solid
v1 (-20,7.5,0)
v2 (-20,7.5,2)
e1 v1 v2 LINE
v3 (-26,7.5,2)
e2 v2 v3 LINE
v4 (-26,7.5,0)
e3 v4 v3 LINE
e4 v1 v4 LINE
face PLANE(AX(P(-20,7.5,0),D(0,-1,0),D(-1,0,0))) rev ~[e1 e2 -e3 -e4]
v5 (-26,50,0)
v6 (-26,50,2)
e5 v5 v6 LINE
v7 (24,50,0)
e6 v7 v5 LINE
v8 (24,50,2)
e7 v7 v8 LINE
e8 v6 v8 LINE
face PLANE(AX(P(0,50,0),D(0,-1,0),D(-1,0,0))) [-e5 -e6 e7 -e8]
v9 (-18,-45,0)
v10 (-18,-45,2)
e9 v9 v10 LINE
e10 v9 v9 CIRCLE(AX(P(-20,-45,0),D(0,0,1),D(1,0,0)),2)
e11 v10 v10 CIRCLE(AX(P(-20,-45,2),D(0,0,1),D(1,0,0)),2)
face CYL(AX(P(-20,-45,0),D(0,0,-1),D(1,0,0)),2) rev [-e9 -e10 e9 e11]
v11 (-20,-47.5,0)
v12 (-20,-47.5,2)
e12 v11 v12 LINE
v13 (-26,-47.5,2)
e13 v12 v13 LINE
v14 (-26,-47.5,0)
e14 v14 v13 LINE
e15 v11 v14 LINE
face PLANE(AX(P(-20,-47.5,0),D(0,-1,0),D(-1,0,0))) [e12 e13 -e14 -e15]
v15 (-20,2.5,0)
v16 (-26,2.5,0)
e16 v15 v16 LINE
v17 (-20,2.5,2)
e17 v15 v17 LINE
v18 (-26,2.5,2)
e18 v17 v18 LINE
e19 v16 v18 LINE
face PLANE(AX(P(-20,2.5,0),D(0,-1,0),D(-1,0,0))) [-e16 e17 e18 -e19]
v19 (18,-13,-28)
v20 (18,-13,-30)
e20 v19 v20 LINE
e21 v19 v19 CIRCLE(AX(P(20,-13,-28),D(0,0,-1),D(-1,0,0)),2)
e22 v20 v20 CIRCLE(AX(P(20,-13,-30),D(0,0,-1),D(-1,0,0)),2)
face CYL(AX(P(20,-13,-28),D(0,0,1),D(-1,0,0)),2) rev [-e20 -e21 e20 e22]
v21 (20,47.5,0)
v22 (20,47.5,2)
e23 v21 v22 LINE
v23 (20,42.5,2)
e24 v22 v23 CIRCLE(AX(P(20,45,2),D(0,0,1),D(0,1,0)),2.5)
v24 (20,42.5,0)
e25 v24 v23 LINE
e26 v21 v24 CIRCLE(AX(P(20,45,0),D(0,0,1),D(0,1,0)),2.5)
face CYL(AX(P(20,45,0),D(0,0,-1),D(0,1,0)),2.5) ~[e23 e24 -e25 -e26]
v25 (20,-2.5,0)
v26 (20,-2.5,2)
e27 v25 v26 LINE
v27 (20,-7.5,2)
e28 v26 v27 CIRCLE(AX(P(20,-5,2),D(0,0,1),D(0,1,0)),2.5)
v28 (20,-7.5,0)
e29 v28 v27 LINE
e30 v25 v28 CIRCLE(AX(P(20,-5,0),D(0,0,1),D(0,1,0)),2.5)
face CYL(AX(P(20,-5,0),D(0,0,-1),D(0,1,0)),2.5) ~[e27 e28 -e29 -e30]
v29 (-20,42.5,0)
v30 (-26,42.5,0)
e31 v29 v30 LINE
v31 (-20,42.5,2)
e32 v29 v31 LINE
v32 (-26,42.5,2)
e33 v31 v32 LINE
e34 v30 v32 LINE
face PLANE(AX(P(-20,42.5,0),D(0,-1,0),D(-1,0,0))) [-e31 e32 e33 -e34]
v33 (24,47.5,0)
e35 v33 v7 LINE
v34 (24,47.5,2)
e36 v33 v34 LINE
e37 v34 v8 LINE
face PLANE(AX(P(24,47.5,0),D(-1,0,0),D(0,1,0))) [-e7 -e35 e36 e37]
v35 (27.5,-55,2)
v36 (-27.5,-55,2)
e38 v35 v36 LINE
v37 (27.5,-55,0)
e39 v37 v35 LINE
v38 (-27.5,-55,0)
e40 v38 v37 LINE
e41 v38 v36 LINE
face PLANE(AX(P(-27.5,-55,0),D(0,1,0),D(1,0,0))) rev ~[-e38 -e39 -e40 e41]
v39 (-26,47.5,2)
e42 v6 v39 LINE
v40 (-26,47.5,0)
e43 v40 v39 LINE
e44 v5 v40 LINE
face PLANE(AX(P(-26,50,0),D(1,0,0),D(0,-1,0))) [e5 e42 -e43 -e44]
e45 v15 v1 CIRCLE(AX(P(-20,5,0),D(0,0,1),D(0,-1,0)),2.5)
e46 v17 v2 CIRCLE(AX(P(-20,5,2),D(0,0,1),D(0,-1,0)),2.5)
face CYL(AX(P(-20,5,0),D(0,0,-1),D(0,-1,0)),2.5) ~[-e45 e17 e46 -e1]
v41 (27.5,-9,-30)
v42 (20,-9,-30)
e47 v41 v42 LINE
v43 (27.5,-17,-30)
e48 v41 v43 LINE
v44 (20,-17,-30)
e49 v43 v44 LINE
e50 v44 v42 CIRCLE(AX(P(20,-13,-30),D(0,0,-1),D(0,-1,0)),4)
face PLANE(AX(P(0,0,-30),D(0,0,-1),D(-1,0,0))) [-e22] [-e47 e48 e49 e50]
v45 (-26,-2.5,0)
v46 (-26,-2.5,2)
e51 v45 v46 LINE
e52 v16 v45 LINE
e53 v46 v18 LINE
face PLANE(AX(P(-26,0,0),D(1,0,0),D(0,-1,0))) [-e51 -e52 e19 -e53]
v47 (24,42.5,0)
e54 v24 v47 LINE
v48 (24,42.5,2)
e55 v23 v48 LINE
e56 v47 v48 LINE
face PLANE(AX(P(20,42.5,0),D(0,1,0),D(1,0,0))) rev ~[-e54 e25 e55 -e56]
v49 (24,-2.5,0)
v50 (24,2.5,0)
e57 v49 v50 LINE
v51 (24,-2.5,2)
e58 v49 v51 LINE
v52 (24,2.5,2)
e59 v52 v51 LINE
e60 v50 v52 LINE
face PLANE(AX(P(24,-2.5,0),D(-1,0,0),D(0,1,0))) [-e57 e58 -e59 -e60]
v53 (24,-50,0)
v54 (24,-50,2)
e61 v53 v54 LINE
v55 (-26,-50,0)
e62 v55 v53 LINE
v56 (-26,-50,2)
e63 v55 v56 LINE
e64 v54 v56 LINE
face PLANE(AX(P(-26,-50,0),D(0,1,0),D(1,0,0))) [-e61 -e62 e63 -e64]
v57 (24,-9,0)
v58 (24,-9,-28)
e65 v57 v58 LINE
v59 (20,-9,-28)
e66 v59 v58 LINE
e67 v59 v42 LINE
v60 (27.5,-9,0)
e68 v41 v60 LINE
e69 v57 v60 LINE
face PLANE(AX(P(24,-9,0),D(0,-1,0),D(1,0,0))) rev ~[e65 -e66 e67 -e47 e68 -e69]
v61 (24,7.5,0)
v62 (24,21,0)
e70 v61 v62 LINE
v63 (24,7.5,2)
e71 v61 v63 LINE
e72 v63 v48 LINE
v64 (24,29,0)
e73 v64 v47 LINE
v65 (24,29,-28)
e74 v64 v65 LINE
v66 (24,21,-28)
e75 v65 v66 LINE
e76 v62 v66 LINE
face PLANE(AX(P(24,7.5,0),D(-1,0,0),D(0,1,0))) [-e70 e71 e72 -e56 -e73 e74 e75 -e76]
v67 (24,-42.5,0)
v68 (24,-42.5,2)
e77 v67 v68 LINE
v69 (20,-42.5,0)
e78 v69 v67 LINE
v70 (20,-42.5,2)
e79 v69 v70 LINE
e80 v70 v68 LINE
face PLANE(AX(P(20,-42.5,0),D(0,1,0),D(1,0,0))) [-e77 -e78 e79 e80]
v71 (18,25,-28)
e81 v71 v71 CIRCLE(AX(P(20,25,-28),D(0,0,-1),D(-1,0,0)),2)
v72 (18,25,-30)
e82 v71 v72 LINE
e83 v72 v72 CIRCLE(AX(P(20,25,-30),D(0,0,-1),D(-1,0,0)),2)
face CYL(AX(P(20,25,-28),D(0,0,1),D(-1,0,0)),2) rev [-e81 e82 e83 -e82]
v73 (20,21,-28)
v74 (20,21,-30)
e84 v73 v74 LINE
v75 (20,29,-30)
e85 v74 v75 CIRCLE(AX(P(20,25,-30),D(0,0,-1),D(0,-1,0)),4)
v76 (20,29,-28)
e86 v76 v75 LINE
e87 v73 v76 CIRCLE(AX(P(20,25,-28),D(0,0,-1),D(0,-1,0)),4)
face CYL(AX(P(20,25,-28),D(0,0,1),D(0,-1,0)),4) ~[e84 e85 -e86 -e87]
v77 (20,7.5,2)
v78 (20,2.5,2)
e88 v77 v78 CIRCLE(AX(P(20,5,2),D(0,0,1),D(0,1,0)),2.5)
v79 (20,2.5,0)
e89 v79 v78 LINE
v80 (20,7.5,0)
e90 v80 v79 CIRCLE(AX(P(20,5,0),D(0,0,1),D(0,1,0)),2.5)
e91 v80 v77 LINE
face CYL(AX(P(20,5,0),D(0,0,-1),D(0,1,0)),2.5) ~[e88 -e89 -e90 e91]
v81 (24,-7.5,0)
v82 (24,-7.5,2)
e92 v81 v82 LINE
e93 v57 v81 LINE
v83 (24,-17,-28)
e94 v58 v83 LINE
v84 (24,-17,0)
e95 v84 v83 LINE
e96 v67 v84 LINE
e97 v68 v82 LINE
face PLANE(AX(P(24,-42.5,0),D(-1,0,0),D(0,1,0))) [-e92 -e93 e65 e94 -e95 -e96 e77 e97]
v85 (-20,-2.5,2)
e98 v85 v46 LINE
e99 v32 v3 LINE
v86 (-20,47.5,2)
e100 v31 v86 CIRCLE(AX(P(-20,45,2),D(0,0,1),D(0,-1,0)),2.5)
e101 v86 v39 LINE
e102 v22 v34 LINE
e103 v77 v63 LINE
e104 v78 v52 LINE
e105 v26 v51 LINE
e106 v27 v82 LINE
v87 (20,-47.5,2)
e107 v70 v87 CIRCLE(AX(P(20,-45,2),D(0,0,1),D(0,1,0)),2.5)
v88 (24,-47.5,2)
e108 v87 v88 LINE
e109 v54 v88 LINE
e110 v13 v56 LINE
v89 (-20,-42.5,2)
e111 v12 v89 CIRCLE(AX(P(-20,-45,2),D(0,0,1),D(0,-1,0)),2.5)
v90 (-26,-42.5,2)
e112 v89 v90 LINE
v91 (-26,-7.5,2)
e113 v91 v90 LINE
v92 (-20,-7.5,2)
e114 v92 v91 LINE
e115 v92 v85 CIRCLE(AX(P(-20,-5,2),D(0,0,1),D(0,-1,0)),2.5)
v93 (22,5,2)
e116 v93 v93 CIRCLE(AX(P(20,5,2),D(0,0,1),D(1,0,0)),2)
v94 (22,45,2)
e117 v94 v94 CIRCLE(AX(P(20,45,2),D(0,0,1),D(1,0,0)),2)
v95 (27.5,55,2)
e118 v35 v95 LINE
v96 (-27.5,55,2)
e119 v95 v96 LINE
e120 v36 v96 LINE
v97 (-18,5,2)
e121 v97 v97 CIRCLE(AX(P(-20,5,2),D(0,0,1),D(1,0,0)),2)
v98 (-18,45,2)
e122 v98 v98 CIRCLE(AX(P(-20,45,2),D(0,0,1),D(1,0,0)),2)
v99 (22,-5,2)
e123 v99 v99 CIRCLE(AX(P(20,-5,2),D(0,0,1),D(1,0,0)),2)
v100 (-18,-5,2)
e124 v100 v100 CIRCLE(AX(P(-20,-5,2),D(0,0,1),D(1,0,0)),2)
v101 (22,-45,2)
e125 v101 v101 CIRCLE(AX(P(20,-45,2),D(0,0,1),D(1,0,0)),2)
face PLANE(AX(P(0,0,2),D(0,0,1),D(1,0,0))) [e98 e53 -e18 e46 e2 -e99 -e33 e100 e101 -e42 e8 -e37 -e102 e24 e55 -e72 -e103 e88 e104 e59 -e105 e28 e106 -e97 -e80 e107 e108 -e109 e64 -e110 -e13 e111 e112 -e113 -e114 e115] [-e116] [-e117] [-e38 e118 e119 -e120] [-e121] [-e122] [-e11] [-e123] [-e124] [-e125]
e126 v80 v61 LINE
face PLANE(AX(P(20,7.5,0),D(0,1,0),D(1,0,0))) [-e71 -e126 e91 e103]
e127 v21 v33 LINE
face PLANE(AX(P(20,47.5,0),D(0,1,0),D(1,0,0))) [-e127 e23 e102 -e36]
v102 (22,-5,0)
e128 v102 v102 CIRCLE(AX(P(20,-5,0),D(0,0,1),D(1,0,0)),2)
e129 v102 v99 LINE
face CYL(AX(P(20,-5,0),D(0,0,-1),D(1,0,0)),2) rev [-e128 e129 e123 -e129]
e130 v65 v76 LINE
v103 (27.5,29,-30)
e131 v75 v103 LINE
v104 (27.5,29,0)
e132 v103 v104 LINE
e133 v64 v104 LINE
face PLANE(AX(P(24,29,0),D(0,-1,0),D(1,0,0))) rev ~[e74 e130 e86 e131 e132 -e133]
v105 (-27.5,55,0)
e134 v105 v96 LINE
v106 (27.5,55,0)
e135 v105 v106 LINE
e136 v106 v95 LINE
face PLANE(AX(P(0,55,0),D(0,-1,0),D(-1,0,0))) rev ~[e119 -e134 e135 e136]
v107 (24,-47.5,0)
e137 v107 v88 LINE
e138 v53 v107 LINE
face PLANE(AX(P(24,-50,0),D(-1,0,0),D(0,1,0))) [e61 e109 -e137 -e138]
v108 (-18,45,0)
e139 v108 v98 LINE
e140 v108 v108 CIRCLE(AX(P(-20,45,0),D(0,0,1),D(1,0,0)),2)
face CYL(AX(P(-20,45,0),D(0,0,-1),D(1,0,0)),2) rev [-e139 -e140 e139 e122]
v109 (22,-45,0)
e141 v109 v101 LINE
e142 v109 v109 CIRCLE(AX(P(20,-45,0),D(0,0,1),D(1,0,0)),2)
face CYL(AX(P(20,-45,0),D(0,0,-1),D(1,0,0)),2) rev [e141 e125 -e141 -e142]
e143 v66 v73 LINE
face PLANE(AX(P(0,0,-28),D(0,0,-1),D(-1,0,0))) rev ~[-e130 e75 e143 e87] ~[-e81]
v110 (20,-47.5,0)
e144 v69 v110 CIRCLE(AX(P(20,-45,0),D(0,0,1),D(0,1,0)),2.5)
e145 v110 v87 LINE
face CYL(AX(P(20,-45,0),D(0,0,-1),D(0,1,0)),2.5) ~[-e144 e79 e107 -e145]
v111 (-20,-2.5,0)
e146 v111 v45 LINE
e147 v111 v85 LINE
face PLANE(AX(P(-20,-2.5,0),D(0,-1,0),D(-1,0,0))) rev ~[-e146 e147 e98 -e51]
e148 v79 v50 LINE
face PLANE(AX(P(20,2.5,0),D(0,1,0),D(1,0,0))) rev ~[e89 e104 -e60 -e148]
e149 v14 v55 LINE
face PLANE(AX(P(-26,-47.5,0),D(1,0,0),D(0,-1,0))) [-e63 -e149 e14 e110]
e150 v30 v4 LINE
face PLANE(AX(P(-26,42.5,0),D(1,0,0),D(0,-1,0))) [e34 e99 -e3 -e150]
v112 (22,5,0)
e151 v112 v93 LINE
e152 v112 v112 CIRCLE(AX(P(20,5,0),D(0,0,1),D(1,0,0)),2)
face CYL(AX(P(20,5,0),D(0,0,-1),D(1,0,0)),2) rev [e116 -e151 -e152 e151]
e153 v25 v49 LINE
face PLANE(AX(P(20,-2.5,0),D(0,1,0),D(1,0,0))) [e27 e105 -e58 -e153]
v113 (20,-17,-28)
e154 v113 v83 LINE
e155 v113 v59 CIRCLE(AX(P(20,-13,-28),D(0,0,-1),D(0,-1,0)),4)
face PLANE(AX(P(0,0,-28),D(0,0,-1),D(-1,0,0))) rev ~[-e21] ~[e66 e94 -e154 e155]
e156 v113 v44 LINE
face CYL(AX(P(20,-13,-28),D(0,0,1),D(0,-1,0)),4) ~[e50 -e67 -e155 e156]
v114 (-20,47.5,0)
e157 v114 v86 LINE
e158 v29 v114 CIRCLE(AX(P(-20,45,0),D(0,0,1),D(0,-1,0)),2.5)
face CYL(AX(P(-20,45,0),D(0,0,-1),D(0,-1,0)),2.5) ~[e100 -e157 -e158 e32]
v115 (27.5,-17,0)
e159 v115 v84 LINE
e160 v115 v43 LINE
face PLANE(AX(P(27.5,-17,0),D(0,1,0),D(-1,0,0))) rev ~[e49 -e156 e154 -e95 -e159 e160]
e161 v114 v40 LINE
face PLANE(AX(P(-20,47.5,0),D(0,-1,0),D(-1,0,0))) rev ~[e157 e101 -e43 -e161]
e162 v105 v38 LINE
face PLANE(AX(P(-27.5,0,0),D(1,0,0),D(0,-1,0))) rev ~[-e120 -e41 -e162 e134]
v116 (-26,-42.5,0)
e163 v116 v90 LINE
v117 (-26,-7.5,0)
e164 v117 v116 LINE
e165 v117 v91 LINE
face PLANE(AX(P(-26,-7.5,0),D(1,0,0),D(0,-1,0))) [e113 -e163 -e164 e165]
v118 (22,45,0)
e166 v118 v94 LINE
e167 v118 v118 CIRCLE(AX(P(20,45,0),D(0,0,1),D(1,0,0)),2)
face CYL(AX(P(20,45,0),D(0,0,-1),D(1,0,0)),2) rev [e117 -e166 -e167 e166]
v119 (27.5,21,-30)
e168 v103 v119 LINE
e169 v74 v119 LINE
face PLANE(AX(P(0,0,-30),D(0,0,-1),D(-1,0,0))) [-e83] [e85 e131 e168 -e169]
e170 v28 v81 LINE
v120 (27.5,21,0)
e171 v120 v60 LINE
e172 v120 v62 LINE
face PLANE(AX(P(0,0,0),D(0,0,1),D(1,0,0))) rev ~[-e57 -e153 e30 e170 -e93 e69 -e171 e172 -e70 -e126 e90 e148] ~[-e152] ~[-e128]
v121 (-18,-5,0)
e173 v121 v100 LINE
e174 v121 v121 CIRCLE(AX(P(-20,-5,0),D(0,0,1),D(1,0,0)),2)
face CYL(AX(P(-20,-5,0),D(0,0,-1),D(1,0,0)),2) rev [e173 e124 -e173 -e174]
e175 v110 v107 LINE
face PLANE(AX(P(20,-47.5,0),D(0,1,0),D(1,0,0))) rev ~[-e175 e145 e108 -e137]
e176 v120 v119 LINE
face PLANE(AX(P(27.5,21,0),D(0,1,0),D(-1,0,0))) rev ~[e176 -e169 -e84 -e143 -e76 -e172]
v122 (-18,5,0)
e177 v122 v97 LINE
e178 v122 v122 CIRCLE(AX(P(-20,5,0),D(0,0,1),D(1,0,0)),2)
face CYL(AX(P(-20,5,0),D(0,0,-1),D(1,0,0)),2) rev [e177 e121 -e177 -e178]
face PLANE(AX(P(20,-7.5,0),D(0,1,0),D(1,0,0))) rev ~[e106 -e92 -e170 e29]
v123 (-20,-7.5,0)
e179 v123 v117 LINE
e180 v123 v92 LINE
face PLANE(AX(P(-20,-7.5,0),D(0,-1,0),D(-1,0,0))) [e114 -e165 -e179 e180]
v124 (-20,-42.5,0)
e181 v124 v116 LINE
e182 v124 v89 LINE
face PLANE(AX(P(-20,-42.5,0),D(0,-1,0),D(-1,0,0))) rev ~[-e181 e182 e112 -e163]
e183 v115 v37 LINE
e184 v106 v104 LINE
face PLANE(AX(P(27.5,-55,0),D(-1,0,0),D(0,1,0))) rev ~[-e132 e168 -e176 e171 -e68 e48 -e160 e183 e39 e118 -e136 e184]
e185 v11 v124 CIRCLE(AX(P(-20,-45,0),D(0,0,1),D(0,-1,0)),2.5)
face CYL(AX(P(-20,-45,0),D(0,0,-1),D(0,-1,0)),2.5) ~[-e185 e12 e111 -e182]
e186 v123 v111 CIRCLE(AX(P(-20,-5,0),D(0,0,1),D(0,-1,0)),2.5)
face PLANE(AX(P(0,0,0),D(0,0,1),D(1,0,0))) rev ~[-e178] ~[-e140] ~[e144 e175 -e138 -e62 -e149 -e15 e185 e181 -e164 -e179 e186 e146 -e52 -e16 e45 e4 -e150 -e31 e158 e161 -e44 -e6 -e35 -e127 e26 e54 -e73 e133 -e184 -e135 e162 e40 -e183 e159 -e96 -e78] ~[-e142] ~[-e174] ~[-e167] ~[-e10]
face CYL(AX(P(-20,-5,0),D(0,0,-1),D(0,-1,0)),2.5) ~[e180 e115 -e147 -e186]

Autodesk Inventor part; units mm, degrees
ref_plane "YZ Plane" through (0, 0, 0) normal (1, 0, 0) x (0, 1, 0)
ref_plane "XZ Plane" through (0, 0, 0) normal (0, 1, 0) x (-1, 0, 0)
ref_plane "XY Plane" through (0, 0, 0) normal (0, 0, 1) x (1, 0, 0)
sketch "Sketch1" plane through (0, 0, 0) normal (0, 0, 1) x (1, 0, 0)
  line L0 (-27.5, -55) -> (27.5, -55)
  line L1 (27.5, -55) -> (27.5, 55)
  line L2 (27.5, 55) -> (-27.5, 55)
  line L3 (-27.5, 55) -> (-27.5, -55)
  line L4 (-27.5, -55) -> (27.5, 55) construction
  line L5 (27.5, -55) -> (-27.5, 55) construction
  line L6 (0, -77) -> (0, 77) projected
  line L7 (-38.5, 0) -> (38.5, 0) projected
  circle A0 centre (-20, 45) radius 2
  circle A1 centre (-20, 5) radius 2
  circle A2 centre (20, 45) radius 2
  circle A3 centre (20, 5) radius 2
  circle A4 centre (-20, -5) radius 2
  circle A5 centre (-20, -45) radius 2
  circle A6 centre (20, -45) radius 2
  circle A7 centre (20, -5) radius 2
  arc A8 (-20, 42.5) -> (-20, 47.5) centre (-20, 45) ccw
  arc A9 (20, 47.5) -> (20, 42.5) centre (20, 45) ccw
  arc A10 (-20, 2.5) -> (-20, 7.5) centre (-20, 5) ccw
  arc A11 (20, 7.5) -> (20, 2.5) centre (20, 5) ccw
  arc A12 (-20, -7.5) -> (-20, -2.5) centre (-20, -5) ccw
  arc A13 (20, -2.5) -> (20, -7.5) centre (20, -5) ccw
  arc A14 (-20, -47.5) -> (-20, -42.5) centre (-20, -45) ccw
  arc A15 (20, -42.5) -> (20, -47.5) centre (20, -45) ccw
  line L8 (-26, -50) -> (24, -50)
  line L9 (24, -50) -> (24, 50)
  line L10 (24, 50) -> (-26, 50)
  line L11 (-26, 50) -> (-26, -50)
  line L12 (-20, 47.5) -> (-26, 47.5)
  line L13 (-20, 42.5) -> (-26, 42.5)
  line L14 (20, 47.5) -> (24, 47.5)
  line L15 (20, 42.5) -> (24, 42.5)
  line L16 (20, 7.5) -> (24, 7.5)
  line L17 (20, 2.5) -> (24, 2.5)
  line L18 (20, -2.5) -> (24, -2.5)
  line L19 (20, -7.5) -> (24, -7.5)
  line L20 (20, -42.5) -> (24, -42.5)
  line L21 (-20, 7.5) -> (-26, 7.5)
  line L22 (-20, 2.5) -> (-26, 2.5)
  line L23 (-20, -2.5) -> (-26, -2.5)
  line L24 (-20, -7.5) -> (-26, -7.5)
  line L25 (-20, -42.5) -> (-26, -42.5)
  line L26 (-20, -47.5) -> (-26, -47.5)
  line L27 (20, -47.5) -> (24, -47.5)
  point P0 (0, 0)
  point P1 (-17.5, 45)
  dimension "d0" = 55
  dimension "d1" = 110
  dimension "d5" = 40
  dimension "d6" = 40
  dimension "d7" = 4
  dimension "d8" = 90
  dimension "d9" = 2.5
  dimension "d10" = 5
  dimension "d12" = 6
  dimension "d13" = 4
extrude "Extrusion1" add sketch "Sketch1" along normal blind 2 contours L3 L7 L11 L8 L6 L0 | L6 L8 L9 L7 L1 L0 | L3 L2 L6 L10 L11 L7 | L7 L9 L10 L6 L2 L1 | L11 L21 A10 L22 | L23 A12 L24 L11 | L11 L25 A14 L26 | L27 A15 L20 L9 | L9 L19 A13 L18 | L17 A11 L16 L9 | L11 L12 A8 L13 | L9 L15 A9 L14
sketch "Sketch3" plane through (0, 0, 0) normal (0, 0, -1) x (-1, 0, 0)
  line L0 (-27.5, 55) -> (27.5, 55) projected
  line L1 (-16, 55) -> (-24, 55)
  line L2 (-27.5, 55) -> (27.5, 55) projected
  line L3 (-27.5, -55) -> (-27.5, 55) projected
  line L4 (27.5, -55) -> (-27.5, -55) projected
  line L5 (27.5, 55) -> (27.5, -55) projected
  circle A0 centre (-20, -5) radius 2 projected
  circle A1 centre (-20, 45) radius 2 projected
  circle A2 centre (20, 45) radius 2 projected
  circle A3 centre (-20, 5) radius 2 projected
  circle A4 centre (20, -5) radius 2 projected
  circle A5 centre (-20, -45) radius 2 projected
  circle A6 centre (20, -45) radius 2 projected
  circle A7 centre (20, 5) radius 2 projected
  line L6 (-24, 2.5) -> (-24, -2.5) projected
  line L7 (-20, 2.5) -> (-24, 2.5) projected
  arc A8 (-20, 2.5) -> (-20, 7.5) centre (-20, 5) ccw projected
  line L8 (-24, 7.5) -> (-20, 7.5) projected
  line L9 (-24, 42.5) -> (-24, 7.5) projected
  line L10 (-20, 42.5) -> (-24, 42.5) projected
  arc A9 (-20, 42.5) -> (-20, 47.5) centre (-20, 45) ccw projected
  line L11 (-24, 47.5) -> (-20, 47.5) projected
  line L12 (-24, 50) -> (-24, 47.5) projected
  line L13 (26, 50) -> (-24, 50) projected
  line L14 (26, 47.5) -> (26, 50) projected
  line L15 (20, 47.5) -> (26, 47.5) projected
  arc A10 (20, 47.5) -> (20, 42.5) centre (20, 45) ccw projected
  line L16 (26, 42.5) -> (20, 42.5) projected
  line L17 (26, 7.5) -> (26, 42.5) projected
  line L18 (20, 7.5) -> (26, 7.5) projected
  arc A11 (20, 7.5) -> (20, 2.5) centre (20, 5) ccw projected
  line L19 (26, 2.5) -> (20, 2.5) projected
  line L20 (26, -2.5) -> (26, 2.5) projected
  line L21 (20, -2.5) -> (26, -2.5) projected
  arc A12 (20, -2.5) -> (20, -7.5) centre (20, -5) ccw projected
  line L22 (26, -7.5) -> (20, -7.5) projected
  line L23 (26, -42.5) -> (26, -7.5) projected
  line L24 (20, -42.5) -> (26, -42.5) projected
  arc A13 (20, -42.5) -> (20, -47.5) centre (20, -45) ccw projected
  line L25 (26, -47.5) -> (20, -47.5) projected
  line L26 (26, -50) -> (26, -47.5) projected
  line L27 (-24, -50) -> (26, -50) projected
  line L28 (-24, -47.5) -> (-24, -50) projected
  line L29 (-20, -47.5) -> (-24, -47.5) projected
  arc A14 (-20, -47.5) -> (-20, -42.5) centre (-20, -45) ccw projected
  line L30 (-24, -42.5) -> (-20, -42.5) projected
  line L31 (-24, -7.5) -> (-24, -42.5) projected
  line L32 (-20, -7.5) -> (-24, -7.5) projected
  arc A15 (-20, -7.5) -> (-20, -2.5) centre (-20, -5) ccw projected
  line L33 (-24, -2.5) -> (-20, -2.5) projected
  line L34 (14, 50) -> (22, 50)
  line L35 (22, 55) -> (14, 55)
  line L36 (-27.5, -17) -> (-24, -17)
  line L37 (-24, -17) -> (-24, -9)
  line L38 (-24, -9) -> (-27.5, -9)
  line L39 (-27.5, -9) -> (-27.5, -17)
  line L40 (-27.5, -17) -> (-24, -9) construction
  line L41 (-24, -17) -> (-27.5, -9) construction
  line L42 (-24, 29) -> (-27.5, 29)
  line L43 (-27.5, 29) -> (-27.5, 21)
  line L44 (-27.5, 21) -> (-24, 21)
  line L45 (-24, 21) -> (-24, 29)
  line L46 (-24, 29) -> (-27.5, 21) construction
  line L47 (-27.5, 29) -> (-24, 21) construction
  point P0 (0, 0)
  point P1 (-25.75, -13)
  point P2 (-27.5, -17)
  point P3 (-24, 10.5)
  point P4 (-25.75, 25)
  dimension "d22" = 8
  dimension "d40" = 38
  dimension "d41" = 25
extrude "Extrusion3" add sketch "Sketch3" along normal blind 28 contours L42 L9 L44 L3 | L38 L31 L36 L3
sketch "Sketch5" plane through (0, 0, -28) normal (0, 0, -1) x (-1, 0, 0)
  line L0 (-27.5, -9) -> (-27.5, -17) projected
  line L1 (-24, 21) -> (-24, 29) projected
  circle A0 centre (-20, -13) radius 2
  line L2 (-27.5, -9) -> (-27.5, -17) projected
  arc A1 (-20, -17) -> (-20, -9) centre (-20, -13) ccw
  line L3 (-20, -17) -> (-24, -17)
  line L4 (-24, -9) -> (-20, -9)
  line L5 (-24, -17) -> (-24, -9) projected
  line L6 (-24, 29) -> (-27.5, 29) projected
  line L7 (-27.5, 29) -> (-27.5, 21) projected
  line L8 (-27.5, 21) -> (-24, 21) projected
  line L9 (-27.5, -17) -> (-24, -17) projected
  line L10 (-24, -9) -> (-27.5, -9) projected
  circle A2 centre (-20, 25) radius 2
  arc A3 (-20, 21) -> (-20, 29) centre (-20, 25) ccw
  line L11 (-20, 21) -> (-24, 21)
  line L12 (-24, 29) -> (-27.5, 29) projected
  line L13 (-24, 29) -> (-20, 29)
  point P0 (0, 0)
  point P1 (-27.5, -13)
  point P2 (-27.5, -13)
  point P3 (-16, -13)
  point P4 (-24, 13)
  point P5 (-24, -17)
  point P6 (-24, -9)
  point P7 (-24, 25)
  point P8 (-16, 25)
  dimension "d36" = 4
  dimension "d37" = 8
extrude "Extrusion5" add sketch "Sketch5" along normal blind 2
properties part number "MTN_PLATE_RETROFIT"
